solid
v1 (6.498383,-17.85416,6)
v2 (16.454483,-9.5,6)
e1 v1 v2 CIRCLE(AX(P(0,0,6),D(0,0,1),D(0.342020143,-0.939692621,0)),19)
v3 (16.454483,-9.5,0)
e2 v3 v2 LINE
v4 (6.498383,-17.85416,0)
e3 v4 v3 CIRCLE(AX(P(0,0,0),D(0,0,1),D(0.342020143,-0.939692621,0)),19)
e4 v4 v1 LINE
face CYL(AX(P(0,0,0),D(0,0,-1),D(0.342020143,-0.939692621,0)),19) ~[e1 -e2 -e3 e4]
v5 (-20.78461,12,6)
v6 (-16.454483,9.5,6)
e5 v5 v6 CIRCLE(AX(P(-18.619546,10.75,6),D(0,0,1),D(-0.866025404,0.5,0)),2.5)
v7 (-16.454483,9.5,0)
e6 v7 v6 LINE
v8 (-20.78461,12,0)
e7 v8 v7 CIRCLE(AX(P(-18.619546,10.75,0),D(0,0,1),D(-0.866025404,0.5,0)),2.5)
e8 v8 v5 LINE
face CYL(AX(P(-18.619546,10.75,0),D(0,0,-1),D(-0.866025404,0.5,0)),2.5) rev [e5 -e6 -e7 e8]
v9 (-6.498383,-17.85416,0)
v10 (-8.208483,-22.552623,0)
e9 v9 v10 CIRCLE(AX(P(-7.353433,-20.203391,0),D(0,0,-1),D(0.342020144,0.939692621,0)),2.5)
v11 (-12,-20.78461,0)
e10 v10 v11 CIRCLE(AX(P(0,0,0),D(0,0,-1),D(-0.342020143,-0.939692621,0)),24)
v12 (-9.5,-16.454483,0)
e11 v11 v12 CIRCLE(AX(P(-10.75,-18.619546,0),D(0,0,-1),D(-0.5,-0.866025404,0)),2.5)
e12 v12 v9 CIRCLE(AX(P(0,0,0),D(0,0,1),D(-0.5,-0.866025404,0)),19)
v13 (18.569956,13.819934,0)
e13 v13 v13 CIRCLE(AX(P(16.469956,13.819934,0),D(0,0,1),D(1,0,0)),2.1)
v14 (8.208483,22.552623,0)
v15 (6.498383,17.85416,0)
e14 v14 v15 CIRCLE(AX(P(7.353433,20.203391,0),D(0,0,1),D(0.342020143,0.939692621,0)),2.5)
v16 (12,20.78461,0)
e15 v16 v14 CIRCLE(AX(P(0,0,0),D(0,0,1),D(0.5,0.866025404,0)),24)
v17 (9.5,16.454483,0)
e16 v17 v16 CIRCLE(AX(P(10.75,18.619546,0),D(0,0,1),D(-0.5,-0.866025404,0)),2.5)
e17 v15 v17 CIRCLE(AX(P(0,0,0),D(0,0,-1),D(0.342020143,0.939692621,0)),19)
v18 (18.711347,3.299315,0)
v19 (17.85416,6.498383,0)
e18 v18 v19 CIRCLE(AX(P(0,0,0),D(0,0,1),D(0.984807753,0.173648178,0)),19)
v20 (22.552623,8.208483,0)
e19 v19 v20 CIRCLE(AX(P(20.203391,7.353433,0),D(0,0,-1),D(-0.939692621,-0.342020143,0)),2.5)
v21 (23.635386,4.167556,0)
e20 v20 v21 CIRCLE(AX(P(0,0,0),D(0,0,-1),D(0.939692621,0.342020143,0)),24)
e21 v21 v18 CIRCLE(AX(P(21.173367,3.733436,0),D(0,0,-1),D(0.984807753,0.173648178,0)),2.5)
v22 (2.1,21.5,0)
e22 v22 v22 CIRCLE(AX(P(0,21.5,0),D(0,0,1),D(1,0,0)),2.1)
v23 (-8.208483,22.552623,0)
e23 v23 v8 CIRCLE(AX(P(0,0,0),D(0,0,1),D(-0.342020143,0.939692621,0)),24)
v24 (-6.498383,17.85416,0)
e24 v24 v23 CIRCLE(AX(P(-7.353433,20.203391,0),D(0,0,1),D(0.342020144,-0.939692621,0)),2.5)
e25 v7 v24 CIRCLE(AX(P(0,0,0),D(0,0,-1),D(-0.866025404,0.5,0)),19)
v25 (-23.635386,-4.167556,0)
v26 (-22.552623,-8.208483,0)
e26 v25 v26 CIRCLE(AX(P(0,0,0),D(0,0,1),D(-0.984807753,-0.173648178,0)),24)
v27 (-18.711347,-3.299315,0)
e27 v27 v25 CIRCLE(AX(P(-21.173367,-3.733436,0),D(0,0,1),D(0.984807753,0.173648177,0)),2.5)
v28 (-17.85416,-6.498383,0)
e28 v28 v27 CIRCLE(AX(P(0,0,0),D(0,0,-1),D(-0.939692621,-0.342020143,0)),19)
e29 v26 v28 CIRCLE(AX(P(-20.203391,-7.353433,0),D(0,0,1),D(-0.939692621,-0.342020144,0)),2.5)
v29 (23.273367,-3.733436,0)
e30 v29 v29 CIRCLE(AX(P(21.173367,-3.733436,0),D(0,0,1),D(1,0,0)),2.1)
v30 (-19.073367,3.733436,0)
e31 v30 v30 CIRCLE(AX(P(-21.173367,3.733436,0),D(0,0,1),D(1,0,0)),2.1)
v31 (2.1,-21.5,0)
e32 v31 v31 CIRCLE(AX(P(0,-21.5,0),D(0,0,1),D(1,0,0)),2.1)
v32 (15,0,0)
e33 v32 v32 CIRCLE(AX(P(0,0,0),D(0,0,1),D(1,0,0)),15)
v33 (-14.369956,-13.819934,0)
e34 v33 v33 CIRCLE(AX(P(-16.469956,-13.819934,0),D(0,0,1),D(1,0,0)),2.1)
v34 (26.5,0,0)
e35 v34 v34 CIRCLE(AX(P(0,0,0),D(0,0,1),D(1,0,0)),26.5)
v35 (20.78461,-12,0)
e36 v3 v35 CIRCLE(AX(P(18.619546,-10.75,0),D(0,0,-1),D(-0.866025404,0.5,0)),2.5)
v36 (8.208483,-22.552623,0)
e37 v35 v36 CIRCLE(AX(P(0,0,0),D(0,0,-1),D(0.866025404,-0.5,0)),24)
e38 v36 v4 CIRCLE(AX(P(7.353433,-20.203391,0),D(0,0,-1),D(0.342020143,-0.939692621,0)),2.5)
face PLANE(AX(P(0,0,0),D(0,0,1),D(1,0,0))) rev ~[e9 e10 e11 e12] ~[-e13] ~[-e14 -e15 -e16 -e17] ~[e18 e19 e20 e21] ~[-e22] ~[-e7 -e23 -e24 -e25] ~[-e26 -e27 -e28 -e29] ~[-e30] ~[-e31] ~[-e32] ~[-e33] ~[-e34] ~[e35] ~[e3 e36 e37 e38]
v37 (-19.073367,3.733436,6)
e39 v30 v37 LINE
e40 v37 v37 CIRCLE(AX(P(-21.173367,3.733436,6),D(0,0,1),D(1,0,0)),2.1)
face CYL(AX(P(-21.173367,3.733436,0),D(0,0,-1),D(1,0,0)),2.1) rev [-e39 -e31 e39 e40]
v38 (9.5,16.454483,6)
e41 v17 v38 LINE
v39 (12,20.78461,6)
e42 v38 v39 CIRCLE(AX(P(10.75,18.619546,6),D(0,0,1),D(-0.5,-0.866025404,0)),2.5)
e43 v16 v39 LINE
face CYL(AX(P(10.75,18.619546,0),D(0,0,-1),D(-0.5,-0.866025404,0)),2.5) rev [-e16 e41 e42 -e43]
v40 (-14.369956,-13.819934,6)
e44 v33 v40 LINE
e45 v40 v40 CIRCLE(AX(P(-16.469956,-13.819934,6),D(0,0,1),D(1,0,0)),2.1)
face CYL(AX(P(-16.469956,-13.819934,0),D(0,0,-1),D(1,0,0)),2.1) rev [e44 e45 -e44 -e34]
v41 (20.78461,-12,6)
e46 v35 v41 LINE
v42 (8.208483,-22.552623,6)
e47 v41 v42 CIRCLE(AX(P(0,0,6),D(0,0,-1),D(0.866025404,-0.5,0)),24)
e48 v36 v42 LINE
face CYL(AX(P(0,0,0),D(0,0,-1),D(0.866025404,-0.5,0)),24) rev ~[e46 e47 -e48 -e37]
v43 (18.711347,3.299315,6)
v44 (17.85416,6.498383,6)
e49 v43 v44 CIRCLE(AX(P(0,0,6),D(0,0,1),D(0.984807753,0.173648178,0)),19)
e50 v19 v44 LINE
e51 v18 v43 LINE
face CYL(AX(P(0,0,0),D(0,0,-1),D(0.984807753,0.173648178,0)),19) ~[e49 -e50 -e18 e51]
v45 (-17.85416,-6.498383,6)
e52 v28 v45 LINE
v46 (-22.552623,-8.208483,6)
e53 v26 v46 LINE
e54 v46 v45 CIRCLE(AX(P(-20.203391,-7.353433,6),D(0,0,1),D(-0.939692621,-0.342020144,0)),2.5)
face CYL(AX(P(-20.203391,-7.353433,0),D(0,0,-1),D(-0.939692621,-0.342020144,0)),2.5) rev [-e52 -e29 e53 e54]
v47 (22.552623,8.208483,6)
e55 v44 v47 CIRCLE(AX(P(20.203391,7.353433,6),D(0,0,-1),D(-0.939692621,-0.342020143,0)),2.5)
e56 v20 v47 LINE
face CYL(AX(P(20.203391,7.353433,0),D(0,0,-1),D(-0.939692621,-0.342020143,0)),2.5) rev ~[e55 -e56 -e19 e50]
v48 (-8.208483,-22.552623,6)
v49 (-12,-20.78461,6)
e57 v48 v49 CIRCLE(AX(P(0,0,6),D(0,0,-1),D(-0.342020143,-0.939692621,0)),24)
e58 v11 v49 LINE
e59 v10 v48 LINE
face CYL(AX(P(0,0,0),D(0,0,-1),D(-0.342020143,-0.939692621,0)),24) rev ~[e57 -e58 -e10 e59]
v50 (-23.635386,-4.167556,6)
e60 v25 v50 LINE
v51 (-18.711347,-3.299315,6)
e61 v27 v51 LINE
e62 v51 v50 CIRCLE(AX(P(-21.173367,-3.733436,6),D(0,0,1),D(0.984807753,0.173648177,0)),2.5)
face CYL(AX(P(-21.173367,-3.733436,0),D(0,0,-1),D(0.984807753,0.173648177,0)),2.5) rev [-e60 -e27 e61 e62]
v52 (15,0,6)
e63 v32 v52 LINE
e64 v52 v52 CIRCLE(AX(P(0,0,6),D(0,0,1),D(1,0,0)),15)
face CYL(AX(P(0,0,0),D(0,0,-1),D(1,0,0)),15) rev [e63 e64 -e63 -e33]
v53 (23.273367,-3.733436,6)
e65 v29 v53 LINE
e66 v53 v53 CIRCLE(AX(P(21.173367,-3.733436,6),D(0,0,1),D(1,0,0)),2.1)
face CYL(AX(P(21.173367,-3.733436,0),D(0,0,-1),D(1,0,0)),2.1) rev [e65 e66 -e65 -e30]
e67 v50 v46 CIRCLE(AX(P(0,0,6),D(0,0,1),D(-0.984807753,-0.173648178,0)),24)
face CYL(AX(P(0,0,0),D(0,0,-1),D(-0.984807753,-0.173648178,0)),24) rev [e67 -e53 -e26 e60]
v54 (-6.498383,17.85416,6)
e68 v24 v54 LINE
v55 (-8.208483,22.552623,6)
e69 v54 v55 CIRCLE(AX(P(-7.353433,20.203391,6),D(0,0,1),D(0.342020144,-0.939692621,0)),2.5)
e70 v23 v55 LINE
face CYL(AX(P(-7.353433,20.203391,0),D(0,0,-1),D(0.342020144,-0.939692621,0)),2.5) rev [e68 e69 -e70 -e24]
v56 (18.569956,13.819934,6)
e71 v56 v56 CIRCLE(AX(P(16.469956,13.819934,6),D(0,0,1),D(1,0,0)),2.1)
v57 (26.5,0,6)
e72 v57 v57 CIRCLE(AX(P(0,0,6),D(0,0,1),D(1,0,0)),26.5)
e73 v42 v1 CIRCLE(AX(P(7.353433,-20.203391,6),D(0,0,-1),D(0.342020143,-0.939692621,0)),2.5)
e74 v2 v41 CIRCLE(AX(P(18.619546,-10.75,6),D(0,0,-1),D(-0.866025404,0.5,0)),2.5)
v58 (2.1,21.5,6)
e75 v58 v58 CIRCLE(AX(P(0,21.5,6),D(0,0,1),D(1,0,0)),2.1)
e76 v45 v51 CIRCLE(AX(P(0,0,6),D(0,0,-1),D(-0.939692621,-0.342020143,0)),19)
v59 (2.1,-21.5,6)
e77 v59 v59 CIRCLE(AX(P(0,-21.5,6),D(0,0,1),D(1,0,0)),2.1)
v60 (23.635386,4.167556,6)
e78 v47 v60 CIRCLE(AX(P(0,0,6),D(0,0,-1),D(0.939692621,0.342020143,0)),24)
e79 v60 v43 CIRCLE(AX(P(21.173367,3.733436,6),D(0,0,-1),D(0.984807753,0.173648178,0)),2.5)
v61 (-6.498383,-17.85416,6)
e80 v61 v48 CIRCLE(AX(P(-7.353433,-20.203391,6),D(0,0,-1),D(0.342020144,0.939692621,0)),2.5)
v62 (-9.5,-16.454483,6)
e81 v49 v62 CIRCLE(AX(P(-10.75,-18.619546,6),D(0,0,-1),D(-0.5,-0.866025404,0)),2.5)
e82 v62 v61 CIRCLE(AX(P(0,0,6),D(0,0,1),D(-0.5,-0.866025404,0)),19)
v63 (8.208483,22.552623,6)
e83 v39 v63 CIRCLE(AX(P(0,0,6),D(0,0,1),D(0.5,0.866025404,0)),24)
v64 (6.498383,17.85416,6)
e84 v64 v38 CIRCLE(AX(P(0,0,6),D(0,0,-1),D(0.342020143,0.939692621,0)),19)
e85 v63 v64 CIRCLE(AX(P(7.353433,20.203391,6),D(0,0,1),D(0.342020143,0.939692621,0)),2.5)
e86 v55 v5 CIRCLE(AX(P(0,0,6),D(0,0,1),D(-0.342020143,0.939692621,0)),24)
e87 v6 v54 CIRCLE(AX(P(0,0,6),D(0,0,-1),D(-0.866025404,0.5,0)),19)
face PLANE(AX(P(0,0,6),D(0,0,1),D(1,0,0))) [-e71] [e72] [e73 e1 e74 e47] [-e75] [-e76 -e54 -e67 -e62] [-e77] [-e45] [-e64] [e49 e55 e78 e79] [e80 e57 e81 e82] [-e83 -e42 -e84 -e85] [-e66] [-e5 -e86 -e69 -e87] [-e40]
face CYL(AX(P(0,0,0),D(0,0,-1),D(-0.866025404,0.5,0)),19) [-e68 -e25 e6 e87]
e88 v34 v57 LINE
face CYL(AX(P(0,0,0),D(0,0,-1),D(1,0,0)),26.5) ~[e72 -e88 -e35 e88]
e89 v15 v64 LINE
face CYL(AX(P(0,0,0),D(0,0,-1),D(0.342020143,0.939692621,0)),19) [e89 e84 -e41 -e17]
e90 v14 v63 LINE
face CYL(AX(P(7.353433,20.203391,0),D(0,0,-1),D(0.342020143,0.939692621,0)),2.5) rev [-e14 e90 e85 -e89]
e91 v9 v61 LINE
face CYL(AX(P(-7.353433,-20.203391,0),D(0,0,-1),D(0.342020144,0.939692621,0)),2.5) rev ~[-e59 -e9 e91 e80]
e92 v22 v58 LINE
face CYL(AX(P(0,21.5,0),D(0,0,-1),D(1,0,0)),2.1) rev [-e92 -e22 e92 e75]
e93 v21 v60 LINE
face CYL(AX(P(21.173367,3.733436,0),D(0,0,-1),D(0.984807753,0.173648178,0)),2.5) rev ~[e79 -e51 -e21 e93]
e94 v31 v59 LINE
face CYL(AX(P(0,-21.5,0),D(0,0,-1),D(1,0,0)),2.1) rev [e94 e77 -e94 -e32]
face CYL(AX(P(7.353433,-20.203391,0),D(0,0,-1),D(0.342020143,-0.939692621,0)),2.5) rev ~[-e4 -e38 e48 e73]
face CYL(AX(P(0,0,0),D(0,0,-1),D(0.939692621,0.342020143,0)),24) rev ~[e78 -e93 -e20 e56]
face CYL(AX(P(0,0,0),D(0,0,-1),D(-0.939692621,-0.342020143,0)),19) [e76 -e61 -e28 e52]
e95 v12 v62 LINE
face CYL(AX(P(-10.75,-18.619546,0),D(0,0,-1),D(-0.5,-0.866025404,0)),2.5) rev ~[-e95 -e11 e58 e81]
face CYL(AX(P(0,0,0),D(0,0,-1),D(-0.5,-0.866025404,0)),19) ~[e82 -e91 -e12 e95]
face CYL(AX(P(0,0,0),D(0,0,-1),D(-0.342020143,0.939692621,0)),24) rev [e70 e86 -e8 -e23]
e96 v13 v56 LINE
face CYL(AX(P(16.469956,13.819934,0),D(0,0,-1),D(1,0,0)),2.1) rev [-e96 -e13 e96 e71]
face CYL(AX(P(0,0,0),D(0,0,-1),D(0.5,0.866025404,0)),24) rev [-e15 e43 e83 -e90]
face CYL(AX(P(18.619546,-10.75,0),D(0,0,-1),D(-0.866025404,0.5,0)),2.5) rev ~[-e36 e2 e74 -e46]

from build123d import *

# Parameters (mm, degrees)
SKETCH_1_R      = 26.5
SKETCH_1_R_2    = 15
SKETCH_1_R_3    = 2.1
EXTRUDE_1_DEPTH = 6


with BuildPart() as part:
    # 草图1 → 凸台-拉伸1 (new body)
    with BuildSketch(Plane.XY):
        Circle(SKETCH_1_R)
        Circle(SKETCH_1_R_2, mode=Mode.SUBTRACT)
        with Locations((0, 21.5)):
            Circle(SKETCH_1_R_3, mode=Mode.SUBTRACT)
        with Locations((16.469955527, 13.819933608)):
            Circle(SKETCH_1_R_3, mode=Mode.SUBTRACT)
        with Locations((21.17336669, -3.73343582)):
            Circle(SKETCH_1_R_3, mode=Mode.SUBTRACT)
        with Locations((0, -21.5)):
            Circle(SKETCH_1_R_3, mode=Mode.SUBTRACT)
        with Locations((-16.469955527, -13.819933608)):
            Circle(SKETCH_1_R_3, mode=Mode.SUBTRACT)
        with Locations((-21.17336669, 3.73343582)):
            Circle(SKETCH_1_R_3, mode=Mode.SUBTRACT)
        with BuildLine():
            ThreePointArc((-8.20848344, 22.552622899), (-15.426902632, 18.385066635), (-20.784609691, 12))
            ThreePointArc((-20.784609691, 12), (-19.869546181, 8.584936491), (-16.454482672, 9.5))
            ThreePointArc((-16.454482672, 9.5), (-12.212964584, 14.554844419), (-6.498382723, 17.854159795))
            ThreePointArc((-6.498382723, 17.854159795), (-5.00420153, 21.058441705), (-8.20848344, 22.552622899))
        make_face(mode=Mode.SUBTRACT)
        with BuildLine():
            ThreePointArc((12, 20.784609691), (10.142838282, 21.751386889), (8.20848344, 22.552622899))
            ThreePointArc((8.20848344, 22.552622899), (5.00420153, 21.058441705), (6.498382723, 17.854159795))
            ThreePointArc((6.498382723, 17.854159795), (8.029746973, 17.219847954), (9.5, 16.454482672))
            ThreePointArc((9.5, 16.454482672), (12.915063509, 17.369546181), (12, 20.784609691))
        make_face(mode=Mode.SUBTRACT)
        with BuildLine():
            ThreePointArc((18.711347307, 3.299315376), (18.352590699, 4.917561857), (17.854159795, 6.498382723))
            ThreePointArc((17.854159795, 6.498382723), (19.348340989, 9.702664633), (22.552622899, 8.20848344))
            ThreePointArc((22.552622899, 8.20848344), (23.182219831, 6.211657082), (23.635386072, 4.167556264))
            ThreePointArc((23.635386072, 4.167556264), (21.607487134, 1.271416437), (18.711347307, 3.299315376))
        make_face(mode=Mode.SUBTRACT)
        with BuildLine():
            ThreePointArc((6.498382723, -17.854159795), (12.212964584, -14.554844419), (16.454482672, -9.5))
            ThreePointArc((16.454482672, -9.5), (19.869546181, -8.584936491), (20.784609691, -12))
            ThreePointArc((20.784609691, -12), (15.426902632, -18.385066635), (8.20848344, -22.552622899))
            ThreePointArc((8.20848344, -22.552622899), (5.00420153, -21.058441705), (6.498382723, -17.854159795))
        make_face(mode=Mode.SUBTRACT)
        with BuildLine():
            ThreePointArc((-9.5, -16.454482672), (-8.029746973, -17.219847954), (-6.498382723, -17.854159795))
            ThreePointArc((-6.498382723, -17.854159795), (-5.00420153, -21.058441705), (-8.20848344, -22.552622899))
            ThreePointArc((-8.20848344, -22.552622899), (-10.142838282, -21.751386889), (-12, -20.784609691))
            ThreePointArc((-12, -20.784609691), (-12.915063509, -17.369546181), (-9.5, -16.454482672))
        make_face(mode=Mode.SUBTRACT)
        with BuildLine():
            ThreePointArc((-23.635386072, -4.167556264), (-23.182219831, -6.211657082), (-22.552622899, -8.20848344))
            ThreePointArc((-22.552622899, -8.20848344), (-19.348340989, -9.702664633), (-17.854159795, -6.498382723))
            ThreePointArc((-17.854159795, -6.498382723), (-18.352590699, -4.917561857), (-18.711347307, -3.299315376))
            ThreePointArc((-18.711347307, -3.299315376), (-21.607487134, -1.271416437), (-23.635386072, -4.167556264))
        make_face(mode=Mode.SUBTRACT)
    extrude(amount=EXTRUDE_1_DEPTH)


solid = part.part
